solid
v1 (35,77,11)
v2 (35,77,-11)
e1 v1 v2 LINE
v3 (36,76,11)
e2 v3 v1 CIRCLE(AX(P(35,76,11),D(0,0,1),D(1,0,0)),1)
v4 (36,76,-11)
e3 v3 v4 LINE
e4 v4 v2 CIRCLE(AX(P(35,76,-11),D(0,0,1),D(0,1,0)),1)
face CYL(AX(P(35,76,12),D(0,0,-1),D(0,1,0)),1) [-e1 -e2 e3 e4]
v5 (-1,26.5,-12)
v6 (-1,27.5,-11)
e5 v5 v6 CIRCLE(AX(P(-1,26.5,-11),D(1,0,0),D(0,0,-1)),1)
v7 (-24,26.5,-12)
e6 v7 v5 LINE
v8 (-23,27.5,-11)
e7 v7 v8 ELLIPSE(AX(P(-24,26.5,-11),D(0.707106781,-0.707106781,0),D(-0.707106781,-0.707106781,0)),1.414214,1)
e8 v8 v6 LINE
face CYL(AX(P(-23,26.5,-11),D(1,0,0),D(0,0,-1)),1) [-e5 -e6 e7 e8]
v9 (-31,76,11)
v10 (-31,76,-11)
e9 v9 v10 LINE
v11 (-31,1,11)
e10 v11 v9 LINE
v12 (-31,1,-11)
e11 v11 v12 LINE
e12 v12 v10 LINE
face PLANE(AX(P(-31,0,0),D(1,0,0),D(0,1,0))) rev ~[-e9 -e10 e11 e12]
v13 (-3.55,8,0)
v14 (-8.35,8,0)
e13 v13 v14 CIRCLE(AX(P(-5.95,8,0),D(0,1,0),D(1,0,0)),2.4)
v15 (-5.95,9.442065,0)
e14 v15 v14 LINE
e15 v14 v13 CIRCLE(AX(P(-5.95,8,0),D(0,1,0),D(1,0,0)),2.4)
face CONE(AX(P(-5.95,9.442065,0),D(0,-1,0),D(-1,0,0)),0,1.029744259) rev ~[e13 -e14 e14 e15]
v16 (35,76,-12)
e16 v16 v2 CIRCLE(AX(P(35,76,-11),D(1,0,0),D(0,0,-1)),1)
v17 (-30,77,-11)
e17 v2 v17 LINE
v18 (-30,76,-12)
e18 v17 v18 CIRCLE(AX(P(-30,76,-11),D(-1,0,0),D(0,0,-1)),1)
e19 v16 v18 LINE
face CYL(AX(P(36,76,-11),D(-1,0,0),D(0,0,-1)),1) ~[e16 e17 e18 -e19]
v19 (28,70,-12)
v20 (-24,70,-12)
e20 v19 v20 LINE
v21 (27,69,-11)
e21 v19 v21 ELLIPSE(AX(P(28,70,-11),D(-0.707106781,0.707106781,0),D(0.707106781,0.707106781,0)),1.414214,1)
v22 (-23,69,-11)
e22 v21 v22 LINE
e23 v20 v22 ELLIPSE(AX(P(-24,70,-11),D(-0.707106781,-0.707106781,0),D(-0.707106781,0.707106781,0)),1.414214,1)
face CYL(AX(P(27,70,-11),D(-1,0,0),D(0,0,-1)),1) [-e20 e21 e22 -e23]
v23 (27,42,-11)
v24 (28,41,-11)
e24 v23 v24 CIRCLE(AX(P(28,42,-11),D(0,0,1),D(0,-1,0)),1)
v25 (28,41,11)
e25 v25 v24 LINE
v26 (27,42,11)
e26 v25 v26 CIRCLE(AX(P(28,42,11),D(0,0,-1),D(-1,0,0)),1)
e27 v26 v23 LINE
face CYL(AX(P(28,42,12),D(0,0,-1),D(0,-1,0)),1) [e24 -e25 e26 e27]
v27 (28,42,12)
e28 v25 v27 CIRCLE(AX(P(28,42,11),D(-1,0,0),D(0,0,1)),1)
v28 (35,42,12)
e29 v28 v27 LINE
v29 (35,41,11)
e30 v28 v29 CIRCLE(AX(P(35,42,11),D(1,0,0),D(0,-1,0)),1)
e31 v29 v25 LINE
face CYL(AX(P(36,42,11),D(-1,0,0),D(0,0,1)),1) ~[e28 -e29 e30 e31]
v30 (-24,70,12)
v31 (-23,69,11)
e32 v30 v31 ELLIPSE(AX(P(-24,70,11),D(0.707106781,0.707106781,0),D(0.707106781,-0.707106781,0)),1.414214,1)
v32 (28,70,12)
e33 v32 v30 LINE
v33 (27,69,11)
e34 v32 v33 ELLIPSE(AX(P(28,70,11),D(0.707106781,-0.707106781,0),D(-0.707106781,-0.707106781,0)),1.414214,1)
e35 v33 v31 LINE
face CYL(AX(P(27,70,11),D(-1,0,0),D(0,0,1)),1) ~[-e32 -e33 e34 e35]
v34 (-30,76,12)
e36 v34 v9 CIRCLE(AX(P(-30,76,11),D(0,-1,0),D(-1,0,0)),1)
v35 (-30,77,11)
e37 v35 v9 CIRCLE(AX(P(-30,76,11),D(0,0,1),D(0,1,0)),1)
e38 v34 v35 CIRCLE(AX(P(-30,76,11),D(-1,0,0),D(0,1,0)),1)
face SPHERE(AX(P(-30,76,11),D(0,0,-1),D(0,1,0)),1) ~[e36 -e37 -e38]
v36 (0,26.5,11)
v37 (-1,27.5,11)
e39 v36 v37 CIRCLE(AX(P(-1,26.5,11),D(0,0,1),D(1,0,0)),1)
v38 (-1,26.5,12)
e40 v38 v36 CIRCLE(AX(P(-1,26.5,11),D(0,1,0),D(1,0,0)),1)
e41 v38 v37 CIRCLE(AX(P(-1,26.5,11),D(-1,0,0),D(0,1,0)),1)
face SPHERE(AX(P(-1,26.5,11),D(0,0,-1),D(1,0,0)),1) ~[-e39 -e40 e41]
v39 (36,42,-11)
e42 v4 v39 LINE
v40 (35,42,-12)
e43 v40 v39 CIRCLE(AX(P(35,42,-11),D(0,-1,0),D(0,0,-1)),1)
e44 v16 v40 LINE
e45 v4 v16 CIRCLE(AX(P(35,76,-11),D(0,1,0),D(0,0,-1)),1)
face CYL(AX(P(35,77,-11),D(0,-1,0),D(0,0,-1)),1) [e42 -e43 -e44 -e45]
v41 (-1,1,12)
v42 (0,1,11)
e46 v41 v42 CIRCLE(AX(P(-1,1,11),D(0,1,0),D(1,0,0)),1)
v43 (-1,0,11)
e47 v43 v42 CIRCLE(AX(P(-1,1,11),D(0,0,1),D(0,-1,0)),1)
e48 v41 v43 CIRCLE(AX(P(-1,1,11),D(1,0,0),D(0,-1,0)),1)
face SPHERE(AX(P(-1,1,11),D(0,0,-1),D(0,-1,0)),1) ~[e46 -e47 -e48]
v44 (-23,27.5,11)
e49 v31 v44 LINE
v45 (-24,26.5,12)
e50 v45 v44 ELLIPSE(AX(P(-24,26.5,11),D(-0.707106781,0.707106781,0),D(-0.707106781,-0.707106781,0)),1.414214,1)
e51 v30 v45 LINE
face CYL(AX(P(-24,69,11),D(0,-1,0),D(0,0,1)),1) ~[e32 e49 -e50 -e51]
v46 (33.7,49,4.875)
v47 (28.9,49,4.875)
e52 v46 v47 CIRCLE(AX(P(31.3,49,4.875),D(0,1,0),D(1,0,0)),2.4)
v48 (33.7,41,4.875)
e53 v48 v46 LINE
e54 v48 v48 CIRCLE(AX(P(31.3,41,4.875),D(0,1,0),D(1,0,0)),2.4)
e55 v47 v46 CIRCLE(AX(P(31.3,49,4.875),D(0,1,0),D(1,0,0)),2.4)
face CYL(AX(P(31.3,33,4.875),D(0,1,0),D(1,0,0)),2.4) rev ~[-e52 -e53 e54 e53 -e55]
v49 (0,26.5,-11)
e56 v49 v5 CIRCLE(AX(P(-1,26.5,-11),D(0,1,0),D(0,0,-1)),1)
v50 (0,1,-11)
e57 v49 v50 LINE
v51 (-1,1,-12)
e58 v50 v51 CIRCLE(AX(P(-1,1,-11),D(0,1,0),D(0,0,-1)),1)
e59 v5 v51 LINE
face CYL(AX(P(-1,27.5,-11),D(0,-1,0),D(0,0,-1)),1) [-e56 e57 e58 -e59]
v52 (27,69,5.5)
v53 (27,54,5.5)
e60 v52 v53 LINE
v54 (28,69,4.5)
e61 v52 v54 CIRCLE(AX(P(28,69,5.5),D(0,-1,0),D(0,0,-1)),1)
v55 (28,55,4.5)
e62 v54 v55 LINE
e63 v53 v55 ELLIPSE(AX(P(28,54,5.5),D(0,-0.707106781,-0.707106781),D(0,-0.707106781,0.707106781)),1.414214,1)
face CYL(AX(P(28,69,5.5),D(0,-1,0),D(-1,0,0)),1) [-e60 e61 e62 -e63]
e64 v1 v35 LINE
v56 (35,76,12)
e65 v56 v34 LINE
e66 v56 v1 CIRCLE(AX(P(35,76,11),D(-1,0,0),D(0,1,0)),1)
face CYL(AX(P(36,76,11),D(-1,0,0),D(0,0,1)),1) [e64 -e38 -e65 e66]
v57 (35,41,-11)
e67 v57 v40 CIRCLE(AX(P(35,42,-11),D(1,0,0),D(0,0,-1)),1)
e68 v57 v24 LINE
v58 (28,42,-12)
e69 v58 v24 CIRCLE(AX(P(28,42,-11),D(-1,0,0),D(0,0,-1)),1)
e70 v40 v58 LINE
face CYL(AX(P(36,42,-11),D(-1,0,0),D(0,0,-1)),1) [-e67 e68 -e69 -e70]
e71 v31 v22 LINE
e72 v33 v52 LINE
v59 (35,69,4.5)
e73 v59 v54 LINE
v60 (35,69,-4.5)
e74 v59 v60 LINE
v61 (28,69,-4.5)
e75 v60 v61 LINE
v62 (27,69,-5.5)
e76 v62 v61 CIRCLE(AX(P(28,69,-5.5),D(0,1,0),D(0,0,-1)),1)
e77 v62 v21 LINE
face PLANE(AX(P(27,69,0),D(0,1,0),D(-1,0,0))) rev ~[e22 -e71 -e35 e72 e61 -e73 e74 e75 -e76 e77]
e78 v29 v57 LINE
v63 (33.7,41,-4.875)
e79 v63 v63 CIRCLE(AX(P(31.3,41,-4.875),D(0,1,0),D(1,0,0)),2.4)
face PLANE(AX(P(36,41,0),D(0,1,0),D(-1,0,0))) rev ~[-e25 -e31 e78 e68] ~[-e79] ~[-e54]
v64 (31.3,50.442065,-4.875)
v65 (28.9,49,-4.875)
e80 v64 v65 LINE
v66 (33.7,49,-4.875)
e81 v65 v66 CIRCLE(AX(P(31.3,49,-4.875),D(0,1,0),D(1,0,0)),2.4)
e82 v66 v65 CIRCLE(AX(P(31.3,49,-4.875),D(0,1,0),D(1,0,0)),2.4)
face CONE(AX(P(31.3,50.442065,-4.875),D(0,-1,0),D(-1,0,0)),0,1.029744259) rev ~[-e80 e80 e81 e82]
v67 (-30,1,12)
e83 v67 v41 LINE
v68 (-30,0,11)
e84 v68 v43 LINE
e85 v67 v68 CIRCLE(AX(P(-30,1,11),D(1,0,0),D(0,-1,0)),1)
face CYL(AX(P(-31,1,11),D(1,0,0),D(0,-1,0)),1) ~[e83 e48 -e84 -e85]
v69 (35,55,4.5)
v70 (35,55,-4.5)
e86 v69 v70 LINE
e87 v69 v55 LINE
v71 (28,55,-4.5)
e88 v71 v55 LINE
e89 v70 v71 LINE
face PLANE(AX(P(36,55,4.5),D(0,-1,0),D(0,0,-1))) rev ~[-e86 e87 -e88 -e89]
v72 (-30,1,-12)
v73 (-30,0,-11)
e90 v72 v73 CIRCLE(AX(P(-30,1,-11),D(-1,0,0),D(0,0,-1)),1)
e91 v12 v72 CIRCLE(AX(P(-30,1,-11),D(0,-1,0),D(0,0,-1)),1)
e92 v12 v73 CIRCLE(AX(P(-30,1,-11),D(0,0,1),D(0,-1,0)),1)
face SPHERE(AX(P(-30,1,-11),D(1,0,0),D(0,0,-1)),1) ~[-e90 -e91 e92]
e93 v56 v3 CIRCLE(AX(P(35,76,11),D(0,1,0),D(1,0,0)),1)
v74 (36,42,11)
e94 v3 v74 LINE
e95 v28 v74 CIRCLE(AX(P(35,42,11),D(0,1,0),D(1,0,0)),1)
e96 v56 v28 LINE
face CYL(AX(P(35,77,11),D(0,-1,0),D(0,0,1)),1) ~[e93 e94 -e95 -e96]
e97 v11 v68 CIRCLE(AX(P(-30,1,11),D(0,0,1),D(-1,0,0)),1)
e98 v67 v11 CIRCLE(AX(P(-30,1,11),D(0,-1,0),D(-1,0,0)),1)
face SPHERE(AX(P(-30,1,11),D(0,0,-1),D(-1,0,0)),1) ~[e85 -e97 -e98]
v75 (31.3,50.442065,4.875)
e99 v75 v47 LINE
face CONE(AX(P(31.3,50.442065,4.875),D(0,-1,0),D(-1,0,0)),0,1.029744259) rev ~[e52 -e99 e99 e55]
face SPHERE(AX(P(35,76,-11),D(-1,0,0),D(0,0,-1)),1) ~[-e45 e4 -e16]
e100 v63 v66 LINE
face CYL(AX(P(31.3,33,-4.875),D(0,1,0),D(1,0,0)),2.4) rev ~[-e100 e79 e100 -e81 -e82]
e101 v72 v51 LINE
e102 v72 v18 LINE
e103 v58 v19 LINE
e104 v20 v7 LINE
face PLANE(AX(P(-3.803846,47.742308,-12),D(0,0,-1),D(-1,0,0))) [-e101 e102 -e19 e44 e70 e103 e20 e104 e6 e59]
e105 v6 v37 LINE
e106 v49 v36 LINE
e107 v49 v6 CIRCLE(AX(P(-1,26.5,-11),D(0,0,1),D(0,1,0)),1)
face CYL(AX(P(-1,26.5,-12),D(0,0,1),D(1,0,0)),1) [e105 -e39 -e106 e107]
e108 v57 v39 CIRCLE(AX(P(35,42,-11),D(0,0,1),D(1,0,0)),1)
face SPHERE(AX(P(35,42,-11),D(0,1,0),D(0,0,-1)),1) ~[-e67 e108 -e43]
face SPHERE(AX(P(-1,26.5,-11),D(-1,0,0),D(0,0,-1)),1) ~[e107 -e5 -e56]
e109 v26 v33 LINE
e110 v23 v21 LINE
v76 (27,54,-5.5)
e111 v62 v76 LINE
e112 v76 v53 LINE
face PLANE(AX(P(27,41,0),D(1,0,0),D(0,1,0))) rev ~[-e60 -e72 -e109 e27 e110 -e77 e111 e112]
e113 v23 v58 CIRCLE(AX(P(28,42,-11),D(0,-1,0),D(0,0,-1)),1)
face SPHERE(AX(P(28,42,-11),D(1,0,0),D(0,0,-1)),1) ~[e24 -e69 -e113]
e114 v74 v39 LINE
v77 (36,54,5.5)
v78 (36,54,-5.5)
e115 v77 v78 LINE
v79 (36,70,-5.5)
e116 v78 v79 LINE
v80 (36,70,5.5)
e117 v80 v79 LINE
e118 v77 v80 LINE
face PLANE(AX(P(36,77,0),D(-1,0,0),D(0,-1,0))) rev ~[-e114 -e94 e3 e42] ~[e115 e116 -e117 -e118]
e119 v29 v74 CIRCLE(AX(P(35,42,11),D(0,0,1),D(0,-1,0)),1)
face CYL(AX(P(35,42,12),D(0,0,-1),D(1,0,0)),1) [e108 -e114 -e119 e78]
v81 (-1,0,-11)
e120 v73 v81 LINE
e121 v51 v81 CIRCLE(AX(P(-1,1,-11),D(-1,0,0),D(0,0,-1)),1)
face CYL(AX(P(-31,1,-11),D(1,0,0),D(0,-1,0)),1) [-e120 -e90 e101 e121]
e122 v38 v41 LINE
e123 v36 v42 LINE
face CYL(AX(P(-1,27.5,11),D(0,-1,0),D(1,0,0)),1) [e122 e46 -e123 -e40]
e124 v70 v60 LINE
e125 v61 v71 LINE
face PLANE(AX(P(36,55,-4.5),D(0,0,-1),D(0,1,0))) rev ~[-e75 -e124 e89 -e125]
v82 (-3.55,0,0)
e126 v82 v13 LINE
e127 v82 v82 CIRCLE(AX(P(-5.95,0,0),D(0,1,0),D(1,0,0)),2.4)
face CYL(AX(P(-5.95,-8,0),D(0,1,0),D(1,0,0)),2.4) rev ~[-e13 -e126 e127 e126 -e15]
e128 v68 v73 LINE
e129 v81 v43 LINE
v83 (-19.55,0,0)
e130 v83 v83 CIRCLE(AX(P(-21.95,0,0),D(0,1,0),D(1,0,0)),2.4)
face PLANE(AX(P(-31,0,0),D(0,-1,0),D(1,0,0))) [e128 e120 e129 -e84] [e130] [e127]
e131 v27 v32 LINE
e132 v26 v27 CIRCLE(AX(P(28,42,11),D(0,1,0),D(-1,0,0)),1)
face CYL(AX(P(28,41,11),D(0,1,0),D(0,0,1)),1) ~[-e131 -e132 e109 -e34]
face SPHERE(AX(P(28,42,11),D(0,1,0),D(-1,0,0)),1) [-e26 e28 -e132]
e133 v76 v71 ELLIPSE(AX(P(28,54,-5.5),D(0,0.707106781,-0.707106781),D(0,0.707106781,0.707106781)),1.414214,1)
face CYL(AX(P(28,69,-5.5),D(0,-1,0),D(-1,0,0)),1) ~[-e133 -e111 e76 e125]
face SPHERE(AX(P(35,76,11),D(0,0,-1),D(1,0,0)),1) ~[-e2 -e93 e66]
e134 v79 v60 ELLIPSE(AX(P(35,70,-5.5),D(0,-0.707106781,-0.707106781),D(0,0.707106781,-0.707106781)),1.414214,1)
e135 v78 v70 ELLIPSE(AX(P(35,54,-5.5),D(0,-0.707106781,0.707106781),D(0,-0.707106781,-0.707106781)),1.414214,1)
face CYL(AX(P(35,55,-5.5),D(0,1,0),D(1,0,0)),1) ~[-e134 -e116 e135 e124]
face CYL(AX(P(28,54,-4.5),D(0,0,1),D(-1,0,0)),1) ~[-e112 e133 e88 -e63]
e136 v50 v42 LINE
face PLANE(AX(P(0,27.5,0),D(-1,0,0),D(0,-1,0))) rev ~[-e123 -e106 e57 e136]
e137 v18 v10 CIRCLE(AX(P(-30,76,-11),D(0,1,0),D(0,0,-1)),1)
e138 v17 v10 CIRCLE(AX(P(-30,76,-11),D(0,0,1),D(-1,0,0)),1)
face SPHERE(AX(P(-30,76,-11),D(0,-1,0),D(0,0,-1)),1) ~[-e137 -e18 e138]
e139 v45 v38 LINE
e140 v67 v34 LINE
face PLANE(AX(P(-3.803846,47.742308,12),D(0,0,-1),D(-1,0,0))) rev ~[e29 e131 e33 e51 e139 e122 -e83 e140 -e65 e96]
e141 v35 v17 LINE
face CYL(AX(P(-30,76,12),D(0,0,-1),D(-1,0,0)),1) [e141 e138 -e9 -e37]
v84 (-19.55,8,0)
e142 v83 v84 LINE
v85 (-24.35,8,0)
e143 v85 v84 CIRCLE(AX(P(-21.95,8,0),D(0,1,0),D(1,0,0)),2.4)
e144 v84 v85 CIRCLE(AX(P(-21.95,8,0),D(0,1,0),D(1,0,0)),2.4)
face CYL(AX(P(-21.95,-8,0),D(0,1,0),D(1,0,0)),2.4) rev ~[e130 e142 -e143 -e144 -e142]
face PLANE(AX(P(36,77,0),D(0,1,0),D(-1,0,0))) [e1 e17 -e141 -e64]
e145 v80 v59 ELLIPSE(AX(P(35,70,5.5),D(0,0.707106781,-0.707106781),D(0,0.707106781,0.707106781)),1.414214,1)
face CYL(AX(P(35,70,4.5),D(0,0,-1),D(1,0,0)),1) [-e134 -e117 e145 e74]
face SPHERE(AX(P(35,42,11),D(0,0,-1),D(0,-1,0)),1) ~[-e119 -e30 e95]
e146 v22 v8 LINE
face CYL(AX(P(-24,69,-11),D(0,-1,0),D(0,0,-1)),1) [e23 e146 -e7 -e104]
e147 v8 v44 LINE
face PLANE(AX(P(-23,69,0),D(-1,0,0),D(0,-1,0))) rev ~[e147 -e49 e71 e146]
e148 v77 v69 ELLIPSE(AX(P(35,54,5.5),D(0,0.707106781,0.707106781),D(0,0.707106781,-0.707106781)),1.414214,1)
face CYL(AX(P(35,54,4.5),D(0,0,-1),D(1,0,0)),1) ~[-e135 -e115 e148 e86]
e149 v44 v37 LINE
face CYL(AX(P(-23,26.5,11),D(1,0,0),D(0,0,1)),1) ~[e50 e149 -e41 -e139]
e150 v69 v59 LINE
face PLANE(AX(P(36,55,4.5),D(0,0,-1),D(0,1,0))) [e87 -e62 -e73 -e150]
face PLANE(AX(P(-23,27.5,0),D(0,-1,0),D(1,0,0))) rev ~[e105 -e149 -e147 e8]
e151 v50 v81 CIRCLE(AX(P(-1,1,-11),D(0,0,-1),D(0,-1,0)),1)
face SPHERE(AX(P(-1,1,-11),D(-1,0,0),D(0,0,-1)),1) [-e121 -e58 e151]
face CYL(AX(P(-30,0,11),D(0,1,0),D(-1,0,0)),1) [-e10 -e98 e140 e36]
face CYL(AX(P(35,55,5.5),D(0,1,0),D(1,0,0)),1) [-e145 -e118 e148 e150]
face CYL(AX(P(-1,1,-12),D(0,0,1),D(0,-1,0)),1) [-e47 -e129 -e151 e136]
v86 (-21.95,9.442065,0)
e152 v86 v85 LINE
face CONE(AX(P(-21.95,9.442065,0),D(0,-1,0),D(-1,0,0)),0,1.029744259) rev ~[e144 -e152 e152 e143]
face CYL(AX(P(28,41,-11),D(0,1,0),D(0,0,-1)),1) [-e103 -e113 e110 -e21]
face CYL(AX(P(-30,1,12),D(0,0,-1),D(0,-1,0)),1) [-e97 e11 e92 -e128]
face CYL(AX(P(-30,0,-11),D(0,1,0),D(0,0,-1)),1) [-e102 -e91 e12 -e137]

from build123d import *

# Parameters (mm, degrees)
BOSS_EXTRUDE1_DEPTH            = 12
F_4_8_4_8_DIAMETER_HOLE1_D     = 4.8
F_4_8_4_8_DIAMETER_HOLE1_DEPTH = 8
F_4_8_4_8_DIAMETER_HOLE1_TIP   = 1.442065486
F_4_8_4_8_DIAMETER_HOLE2_D     = 4.8
F_4_8_4_8_DIAMETER_HOLE2_DEPTH = 8
F_4_8_4_8_DIAMETER_HOLE2_TIP   = 1.442065486
CUT_EXTRUDE1_REACH             = 104.772
SKETCH11_W                     = 9
SKETCH11_H                     = 14
FILLET1_R                      = 1


with BuildPart() as part:
    # Sketch1 → Boss-Extrude1 (new, symmetric)
    with BuildSketch(Plane.XY):
        Polygon((0, 0), (-23, 0), (-31, 0), (-31, 77), (-23.404895261, 77), (36, 77), (36, 41), (27, 41), (27, 69), (-23, 69), (-23, 27.5), (0, 27.5), align=None)
    extrude(amount=BOSS_EXTRUDE1_DEPTH, both=True)

    # Ø4.8 (4.8) Diameter Hole1
    with Locations(Plane(origin=(0, 41, 0), x_dir=(-1, 0, 0), z_dir=(0, -1, 0))):
        with Locations((-31.3, 4.875), (-31.3, -4.875)):
            Hole(F_4_8_4_8_DIAMETER_HOLE1_D / 2, depth=F_4_8_4_8_DIAMETER_HOLE1_DEPTH)
            with Locations((0, 0, -(F_4_8_4_8_DIAMETER_HOLE1_DEPTH + F_4_8_4_8_DIAMETER_HOLE1_TIP / 2))):  # 118° drill point
                Cone(0, F_4_8_4_8_DIAMETER_HOLE1_D / 2, F_4_8_4_8_DIAMETER_HOLE1_TIP, mode=Mode.SUBTRACT)

    # Ø4.8 (4.8) Diameter Hole2
    with Locations(Plane(origin=(0, 0, 0), x_dir=(-1, 0, 0), z_dir=(0, -1, 0))):
        with Locations((5.95, 0), (21.95, 0)):
            Hole(F_4_8_4_8_DIAMETER_HOLE2_D / 2, depth=F_4_8_4_8_DIAMETER_HOLE2_DEPTH)
            with Locations((0, 0, -(F_4_8_4_8_DIAMETER_HOLE2_DEPTH + F_4_8_4_8_DIAMETER_HOLE2_TIP / 2))):  # 118° drill point
                Cone(0, F_4_8_4_8_DIAMETER_HOLE2_D / 2, F_4_8_4_8_DIAMETER_HOLE2_TIP, mode=Mode.SUBTRACT)

    # Sketch11 → Cut-Extrude1 (cut, up to next)
    with BuildSketch(Plane(origin=(36, 0, 0), x_dir=(0, 0, -1), z_dir=(1, 0, 0)), mode=Mode.PRIVATE) as cut_extrude1_sk1:
        with Locations((0, 62)):
            Rectangle(SKETCH11_W, SKETCH11_H)
    cut_extrude1_tool1 = extrude(cut_extrude1_sk1.sketch, amount=-CUT_EXTRUDE1_REACH, mode=Mode.PRIVATE) & part.part
    add(cut_extrude1_tool1.solids().sort_by_distance((36, 62, 0))[0], mode=Mode.SUBTRACT)

    # Fillet1
    fillet1_edges = [part.edges().sort_by_distance(p)[0] for p in [
        (-15.5, 0, -12),
        (-23, 48.25, 12),
        (-31, 38.5, -12),
        (2.5, 77, -12),
        (36, 59, -12),
        (31.5, 41, -12),
        (27, 55, -12),
        (2, 69, -12),
        (-23, 48.25, -12),
        (-11.5, 27.5, -12),
        (0, 13.75, -12),
        (2, 69, 12),
        (0, 0, 0),
        (-31, 0, 0),
        (27, 55, 12),
        (-31, 77, 0),
        (36, 77, 0),
        (36, 41, 0),
        (27, 41, 0),
        (0, 27.5, 0),
        (31.5, 41, 12),
        (36, 59, 12),
        (2.5, 77, 12),
        (-31, 38.5, 12),
        (-15.5, 0, 12),
        (0, 13.75, 12),
        (36, 62, 4.5),
        (36, 55, 0),
        (36, 62, -4.5),
        (36, 69, 0),
        (27, 55, 0),
        (27, 62, 4.5),
        (27, 62, -4.5),
        (-11.5, 27.5, 12),
    ]]
    fillet(fillet1_edges, radius=FILLET1_R)


solid = part.part
